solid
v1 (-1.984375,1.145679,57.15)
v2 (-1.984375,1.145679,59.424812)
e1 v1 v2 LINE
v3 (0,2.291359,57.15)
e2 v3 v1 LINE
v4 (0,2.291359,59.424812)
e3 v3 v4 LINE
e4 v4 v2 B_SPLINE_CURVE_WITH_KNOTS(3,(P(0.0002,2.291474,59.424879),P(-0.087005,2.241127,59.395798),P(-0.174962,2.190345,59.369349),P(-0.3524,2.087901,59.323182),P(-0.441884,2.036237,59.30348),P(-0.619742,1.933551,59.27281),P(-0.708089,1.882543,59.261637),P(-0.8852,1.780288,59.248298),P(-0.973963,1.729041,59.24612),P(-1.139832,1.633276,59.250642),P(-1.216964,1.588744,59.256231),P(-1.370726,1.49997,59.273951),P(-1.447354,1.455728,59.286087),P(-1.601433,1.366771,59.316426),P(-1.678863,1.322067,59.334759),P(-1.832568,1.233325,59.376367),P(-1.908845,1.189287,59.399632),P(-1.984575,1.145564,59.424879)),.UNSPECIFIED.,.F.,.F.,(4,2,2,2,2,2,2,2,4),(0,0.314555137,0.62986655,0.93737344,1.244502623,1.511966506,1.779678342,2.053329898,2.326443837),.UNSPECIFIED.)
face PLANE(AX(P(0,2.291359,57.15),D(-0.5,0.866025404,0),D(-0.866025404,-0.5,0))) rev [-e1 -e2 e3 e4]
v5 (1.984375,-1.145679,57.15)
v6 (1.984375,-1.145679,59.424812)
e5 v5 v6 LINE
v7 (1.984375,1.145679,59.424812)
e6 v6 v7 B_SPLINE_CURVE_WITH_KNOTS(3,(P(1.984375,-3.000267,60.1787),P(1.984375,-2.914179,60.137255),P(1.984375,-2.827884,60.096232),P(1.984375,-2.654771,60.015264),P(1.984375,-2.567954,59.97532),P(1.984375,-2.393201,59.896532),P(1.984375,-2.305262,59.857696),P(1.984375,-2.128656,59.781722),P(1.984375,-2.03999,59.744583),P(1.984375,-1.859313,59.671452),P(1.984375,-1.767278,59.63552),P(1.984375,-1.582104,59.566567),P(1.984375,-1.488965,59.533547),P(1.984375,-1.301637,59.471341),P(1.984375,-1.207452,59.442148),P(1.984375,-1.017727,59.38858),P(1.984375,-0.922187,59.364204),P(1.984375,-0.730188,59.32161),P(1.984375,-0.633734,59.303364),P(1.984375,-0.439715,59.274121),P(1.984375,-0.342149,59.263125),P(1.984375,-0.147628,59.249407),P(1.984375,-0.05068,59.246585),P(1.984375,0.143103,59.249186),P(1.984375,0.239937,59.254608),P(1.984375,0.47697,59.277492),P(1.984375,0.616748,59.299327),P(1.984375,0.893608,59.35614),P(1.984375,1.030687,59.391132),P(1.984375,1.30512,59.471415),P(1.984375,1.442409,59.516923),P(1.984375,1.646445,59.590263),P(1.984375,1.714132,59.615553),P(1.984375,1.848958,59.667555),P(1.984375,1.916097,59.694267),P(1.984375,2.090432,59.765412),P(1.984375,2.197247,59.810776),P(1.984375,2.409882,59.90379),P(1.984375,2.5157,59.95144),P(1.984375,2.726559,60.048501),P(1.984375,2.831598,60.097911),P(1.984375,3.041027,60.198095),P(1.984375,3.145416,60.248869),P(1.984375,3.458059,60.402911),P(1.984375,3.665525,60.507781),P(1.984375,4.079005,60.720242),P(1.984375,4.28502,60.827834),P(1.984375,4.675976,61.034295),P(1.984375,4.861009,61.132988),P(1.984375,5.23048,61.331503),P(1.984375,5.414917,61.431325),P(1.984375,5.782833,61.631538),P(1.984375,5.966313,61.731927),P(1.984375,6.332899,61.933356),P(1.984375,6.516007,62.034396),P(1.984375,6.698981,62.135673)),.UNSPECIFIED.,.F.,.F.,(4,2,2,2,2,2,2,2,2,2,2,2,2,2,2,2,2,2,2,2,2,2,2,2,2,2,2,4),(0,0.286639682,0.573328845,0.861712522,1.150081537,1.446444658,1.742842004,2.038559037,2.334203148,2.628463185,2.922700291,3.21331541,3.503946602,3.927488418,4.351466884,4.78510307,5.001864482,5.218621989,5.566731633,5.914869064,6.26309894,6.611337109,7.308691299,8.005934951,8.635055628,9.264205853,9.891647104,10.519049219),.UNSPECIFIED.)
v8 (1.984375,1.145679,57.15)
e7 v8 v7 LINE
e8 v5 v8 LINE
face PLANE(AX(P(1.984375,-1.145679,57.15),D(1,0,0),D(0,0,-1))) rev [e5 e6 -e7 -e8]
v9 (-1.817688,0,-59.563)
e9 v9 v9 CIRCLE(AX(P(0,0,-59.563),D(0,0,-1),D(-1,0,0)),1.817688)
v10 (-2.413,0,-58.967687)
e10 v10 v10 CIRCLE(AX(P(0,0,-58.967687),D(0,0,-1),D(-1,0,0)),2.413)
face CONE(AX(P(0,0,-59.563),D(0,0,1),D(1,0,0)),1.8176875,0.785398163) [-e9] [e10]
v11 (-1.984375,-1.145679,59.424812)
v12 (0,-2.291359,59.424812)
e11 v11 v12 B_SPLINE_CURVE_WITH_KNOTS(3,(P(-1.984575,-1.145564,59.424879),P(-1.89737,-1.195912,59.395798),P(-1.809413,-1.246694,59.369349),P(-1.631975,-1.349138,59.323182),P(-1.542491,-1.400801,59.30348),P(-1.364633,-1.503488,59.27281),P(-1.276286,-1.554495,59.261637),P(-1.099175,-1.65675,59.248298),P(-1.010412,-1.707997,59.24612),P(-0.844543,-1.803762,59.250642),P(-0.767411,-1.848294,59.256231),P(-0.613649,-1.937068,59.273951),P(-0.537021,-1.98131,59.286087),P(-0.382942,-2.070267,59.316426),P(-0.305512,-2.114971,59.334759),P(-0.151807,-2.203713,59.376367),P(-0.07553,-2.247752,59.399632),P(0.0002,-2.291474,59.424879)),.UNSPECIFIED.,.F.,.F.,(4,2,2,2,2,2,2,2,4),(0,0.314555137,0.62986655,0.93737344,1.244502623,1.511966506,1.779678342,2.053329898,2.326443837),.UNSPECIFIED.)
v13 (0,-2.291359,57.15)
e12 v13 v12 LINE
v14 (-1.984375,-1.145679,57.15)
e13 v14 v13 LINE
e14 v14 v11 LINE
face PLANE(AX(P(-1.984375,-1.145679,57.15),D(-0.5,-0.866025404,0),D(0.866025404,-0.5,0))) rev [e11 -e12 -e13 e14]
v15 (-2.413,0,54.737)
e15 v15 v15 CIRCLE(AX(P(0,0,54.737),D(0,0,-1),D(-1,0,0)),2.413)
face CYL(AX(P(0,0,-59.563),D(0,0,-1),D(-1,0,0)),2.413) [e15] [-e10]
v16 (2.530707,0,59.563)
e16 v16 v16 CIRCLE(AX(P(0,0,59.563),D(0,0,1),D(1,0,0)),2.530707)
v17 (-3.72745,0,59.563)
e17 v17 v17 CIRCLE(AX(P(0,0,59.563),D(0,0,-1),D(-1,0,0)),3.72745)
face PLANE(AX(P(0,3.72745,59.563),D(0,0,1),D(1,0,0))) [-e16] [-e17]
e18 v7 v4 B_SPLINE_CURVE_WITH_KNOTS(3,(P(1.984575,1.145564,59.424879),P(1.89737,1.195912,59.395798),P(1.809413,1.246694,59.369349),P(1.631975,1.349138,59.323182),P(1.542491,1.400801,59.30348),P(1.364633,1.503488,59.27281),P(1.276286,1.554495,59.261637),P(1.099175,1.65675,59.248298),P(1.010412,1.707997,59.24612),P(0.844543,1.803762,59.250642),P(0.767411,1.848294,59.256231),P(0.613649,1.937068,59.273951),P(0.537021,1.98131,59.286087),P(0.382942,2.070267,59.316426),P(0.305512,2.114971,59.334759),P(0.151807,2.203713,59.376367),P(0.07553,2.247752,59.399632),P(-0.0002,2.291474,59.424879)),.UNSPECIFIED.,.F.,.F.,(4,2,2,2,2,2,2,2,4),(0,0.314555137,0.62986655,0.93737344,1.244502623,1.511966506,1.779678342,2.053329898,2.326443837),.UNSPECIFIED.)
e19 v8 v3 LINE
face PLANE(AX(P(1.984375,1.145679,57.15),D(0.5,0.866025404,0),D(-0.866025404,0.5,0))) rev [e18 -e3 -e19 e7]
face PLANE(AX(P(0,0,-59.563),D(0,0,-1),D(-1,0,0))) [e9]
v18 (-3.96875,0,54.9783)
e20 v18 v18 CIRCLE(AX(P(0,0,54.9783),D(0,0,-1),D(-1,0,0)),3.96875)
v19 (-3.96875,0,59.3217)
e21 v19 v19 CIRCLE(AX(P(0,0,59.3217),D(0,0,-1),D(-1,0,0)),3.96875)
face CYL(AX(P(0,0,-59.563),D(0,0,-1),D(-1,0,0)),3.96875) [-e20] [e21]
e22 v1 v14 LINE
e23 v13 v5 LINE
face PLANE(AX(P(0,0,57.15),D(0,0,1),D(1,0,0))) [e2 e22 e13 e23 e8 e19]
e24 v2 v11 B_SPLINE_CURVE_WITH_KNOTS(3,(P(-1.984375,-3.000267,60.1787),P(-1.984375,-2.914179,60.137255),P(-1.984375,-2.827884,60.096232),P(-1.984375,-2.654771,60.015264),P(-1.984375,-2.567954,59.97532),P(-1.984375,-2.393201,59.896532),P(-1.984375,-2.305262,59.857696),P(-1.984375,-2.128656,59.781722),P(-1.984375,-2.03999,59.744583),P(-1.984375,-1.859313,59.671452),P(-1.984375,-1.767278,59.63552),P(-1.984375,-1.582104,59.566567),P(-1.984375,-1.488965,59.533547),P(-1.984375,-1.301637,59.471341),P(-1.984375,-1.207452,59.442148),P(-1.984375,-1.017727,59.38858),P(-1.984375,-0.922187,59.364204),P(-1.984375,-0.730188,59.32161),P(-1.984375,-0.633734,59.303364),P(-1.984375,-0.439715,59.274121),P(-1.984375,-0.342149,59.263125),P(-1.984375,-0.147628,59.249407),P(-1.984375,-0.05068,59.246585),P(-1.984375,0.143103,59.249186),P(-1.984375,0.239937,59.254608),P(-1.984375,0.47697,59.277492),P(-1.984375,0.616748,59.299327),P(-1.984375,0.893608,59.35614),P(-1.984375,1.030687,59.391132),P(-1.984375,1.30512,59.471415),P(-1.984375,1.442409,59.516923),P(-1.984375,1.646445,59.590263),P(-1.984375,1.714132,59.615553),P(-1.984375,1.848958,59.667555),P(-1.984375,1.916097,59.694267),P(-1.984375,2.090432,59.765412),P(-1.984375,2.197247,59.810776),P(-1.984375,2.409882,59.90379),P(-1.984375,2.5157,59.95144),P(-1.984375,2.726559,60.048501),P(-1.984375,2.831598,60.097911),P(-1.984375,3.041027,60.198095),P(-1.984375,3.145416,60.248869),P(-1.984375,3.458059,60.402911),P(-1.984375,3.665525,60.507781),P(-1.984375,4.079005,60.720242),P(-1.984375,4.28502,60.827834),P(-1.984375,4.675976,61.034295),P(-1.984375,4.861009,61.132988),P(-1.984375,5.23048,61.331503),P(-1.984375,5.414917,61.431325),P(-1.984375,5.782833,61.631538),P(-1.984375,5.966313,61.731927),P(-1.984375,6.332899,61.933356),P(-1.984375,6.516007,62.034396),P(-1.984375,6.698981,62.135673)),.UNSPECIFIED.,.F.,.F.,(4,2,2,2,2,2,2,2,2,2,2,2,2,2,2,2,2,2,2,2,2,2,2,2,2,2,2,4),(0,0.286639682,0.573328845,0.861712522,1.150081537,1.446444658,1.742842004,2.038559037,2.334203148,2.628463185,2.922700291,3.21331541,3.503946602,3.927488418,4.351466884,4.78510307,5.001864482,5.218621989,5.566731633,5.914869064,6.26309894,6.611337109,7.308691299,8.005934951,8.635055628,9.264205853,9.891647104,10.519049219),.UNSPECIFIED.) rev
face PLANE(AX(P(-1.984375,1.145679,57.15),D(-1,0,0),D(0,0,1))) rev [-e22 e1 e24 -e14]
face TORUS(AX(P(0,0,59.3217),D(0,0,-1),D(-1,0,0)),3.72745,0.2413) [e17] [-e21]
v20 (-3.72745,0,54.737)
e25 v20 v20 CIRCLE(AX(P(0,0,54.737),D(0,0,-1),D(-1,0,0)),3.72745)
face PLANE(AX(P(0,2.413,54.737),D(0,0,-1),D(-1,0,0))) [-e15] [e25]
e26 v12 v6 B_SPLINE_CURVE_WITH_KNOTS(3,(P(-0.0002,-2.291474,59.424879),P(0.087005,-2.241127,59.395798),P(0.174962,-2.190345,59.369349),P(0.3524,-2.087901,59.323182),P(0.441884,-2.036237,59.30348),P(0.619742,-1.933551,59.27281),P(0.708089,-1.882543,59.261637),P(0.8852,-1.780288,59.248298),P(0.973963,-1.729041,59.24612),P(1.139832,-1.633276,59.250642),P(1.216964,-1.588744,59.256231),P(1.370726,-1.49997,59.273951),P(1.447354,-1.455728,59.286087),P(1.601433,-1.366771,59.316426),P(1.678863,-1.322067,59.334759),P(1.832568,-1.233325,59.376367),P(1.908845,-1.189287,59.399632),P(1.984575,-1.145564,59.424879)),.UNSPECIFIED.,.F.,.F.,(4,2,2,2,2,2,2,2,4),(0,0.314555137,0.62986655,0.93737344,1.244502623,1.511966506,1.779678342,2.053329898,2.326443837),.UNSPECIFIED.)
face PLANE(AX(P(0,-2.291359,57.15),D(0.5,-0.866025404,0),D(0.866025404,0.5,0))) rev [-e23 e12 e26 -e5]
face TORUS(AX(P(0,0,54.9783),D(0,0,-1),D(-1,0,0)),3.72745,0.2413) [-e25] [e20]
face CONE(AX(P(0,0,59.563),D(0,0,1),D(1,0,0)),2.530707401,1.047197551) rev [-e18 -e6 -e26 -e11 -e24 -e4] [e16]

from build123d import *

# Parameters (mm, degrees)
CUT_EXTRUDE1_START = 59.563
CUT_EXTRUDE1_DEPTH = 2.413


with BuildPart() as part:
    # Sketch2 → Revolve1 (revolve)
    with BuildSketch(Plane(origin=(0, 0, 0), x_dir=(0, 0, -1), z_dir=(1, 0, 0)), mode=Mode.PRIVATE) as revolve1_sk:
        with BuildLine():
            Line((59.563, 0), (59.563, 1.8176875))
            Line((59.563, 1.8176875), (58.9676875, 2.413))
            Line((58.9676875, 2.413), (-54.737, 2.413))
            Line((-54.737, 2.413), (-54.737, 3.72745))
            ThreePointArc((-54.737, 3.72745), (-54.807675134, 3.898074866), (-54.9783, 3.96875))
            Line((-54.9783, 3.96875), (-59.3217, 3.96875))
            ThreePointArc((-59.3217, 3.96875), (-59.492324866, 3.898074866), (-59.563, 3.72745))
            Line((-59.563, 3.72745), (-59.563, 0))
            Line((-59.563, 0), (59.563, 0))
        make_face()
    revolve(revolve1_sk.sketch.rotate(Axis((0, 0, -59.563), (0, 0, 1)), 90), axis=Axis((0, 0, -59.563), (0, 0, 1)))

    # Sketch3 → Cut-Extrude1 (cut)
    with BuildSketch(Plane.XY.offset(CUT_EXTRUDE1_START)):
        Polygon((-1.984375, 1.14567944), (-1.984375, -1.14567944), (0, -2.291358881), (1.984375, -1.14567944), (1.984375, 1.14567944), (0, 2.291358881), align=None)
    extrude(amount=-CUT_EXTRUDE1_DEPTH, mode=Mode.SUBTRACT)

    # Cut-Extrude2 cone 1 section (through the dimple's axis) → Cut-Extrude2 (revolve, cut)
    with BuildSketch(Plane(origin=(0, 0, 59.563), x_dir=(0, -1, 0), z_dir=(1, 0, 0))):
        Polygon((0, 0), (2.530707401, 0), (0, 1.461104599), align=None)
    revolve(axis=Axis((0, 0, 59.563), (0, 0, -1)), mode=Mode.SUBTRACT)


solid = part.part
